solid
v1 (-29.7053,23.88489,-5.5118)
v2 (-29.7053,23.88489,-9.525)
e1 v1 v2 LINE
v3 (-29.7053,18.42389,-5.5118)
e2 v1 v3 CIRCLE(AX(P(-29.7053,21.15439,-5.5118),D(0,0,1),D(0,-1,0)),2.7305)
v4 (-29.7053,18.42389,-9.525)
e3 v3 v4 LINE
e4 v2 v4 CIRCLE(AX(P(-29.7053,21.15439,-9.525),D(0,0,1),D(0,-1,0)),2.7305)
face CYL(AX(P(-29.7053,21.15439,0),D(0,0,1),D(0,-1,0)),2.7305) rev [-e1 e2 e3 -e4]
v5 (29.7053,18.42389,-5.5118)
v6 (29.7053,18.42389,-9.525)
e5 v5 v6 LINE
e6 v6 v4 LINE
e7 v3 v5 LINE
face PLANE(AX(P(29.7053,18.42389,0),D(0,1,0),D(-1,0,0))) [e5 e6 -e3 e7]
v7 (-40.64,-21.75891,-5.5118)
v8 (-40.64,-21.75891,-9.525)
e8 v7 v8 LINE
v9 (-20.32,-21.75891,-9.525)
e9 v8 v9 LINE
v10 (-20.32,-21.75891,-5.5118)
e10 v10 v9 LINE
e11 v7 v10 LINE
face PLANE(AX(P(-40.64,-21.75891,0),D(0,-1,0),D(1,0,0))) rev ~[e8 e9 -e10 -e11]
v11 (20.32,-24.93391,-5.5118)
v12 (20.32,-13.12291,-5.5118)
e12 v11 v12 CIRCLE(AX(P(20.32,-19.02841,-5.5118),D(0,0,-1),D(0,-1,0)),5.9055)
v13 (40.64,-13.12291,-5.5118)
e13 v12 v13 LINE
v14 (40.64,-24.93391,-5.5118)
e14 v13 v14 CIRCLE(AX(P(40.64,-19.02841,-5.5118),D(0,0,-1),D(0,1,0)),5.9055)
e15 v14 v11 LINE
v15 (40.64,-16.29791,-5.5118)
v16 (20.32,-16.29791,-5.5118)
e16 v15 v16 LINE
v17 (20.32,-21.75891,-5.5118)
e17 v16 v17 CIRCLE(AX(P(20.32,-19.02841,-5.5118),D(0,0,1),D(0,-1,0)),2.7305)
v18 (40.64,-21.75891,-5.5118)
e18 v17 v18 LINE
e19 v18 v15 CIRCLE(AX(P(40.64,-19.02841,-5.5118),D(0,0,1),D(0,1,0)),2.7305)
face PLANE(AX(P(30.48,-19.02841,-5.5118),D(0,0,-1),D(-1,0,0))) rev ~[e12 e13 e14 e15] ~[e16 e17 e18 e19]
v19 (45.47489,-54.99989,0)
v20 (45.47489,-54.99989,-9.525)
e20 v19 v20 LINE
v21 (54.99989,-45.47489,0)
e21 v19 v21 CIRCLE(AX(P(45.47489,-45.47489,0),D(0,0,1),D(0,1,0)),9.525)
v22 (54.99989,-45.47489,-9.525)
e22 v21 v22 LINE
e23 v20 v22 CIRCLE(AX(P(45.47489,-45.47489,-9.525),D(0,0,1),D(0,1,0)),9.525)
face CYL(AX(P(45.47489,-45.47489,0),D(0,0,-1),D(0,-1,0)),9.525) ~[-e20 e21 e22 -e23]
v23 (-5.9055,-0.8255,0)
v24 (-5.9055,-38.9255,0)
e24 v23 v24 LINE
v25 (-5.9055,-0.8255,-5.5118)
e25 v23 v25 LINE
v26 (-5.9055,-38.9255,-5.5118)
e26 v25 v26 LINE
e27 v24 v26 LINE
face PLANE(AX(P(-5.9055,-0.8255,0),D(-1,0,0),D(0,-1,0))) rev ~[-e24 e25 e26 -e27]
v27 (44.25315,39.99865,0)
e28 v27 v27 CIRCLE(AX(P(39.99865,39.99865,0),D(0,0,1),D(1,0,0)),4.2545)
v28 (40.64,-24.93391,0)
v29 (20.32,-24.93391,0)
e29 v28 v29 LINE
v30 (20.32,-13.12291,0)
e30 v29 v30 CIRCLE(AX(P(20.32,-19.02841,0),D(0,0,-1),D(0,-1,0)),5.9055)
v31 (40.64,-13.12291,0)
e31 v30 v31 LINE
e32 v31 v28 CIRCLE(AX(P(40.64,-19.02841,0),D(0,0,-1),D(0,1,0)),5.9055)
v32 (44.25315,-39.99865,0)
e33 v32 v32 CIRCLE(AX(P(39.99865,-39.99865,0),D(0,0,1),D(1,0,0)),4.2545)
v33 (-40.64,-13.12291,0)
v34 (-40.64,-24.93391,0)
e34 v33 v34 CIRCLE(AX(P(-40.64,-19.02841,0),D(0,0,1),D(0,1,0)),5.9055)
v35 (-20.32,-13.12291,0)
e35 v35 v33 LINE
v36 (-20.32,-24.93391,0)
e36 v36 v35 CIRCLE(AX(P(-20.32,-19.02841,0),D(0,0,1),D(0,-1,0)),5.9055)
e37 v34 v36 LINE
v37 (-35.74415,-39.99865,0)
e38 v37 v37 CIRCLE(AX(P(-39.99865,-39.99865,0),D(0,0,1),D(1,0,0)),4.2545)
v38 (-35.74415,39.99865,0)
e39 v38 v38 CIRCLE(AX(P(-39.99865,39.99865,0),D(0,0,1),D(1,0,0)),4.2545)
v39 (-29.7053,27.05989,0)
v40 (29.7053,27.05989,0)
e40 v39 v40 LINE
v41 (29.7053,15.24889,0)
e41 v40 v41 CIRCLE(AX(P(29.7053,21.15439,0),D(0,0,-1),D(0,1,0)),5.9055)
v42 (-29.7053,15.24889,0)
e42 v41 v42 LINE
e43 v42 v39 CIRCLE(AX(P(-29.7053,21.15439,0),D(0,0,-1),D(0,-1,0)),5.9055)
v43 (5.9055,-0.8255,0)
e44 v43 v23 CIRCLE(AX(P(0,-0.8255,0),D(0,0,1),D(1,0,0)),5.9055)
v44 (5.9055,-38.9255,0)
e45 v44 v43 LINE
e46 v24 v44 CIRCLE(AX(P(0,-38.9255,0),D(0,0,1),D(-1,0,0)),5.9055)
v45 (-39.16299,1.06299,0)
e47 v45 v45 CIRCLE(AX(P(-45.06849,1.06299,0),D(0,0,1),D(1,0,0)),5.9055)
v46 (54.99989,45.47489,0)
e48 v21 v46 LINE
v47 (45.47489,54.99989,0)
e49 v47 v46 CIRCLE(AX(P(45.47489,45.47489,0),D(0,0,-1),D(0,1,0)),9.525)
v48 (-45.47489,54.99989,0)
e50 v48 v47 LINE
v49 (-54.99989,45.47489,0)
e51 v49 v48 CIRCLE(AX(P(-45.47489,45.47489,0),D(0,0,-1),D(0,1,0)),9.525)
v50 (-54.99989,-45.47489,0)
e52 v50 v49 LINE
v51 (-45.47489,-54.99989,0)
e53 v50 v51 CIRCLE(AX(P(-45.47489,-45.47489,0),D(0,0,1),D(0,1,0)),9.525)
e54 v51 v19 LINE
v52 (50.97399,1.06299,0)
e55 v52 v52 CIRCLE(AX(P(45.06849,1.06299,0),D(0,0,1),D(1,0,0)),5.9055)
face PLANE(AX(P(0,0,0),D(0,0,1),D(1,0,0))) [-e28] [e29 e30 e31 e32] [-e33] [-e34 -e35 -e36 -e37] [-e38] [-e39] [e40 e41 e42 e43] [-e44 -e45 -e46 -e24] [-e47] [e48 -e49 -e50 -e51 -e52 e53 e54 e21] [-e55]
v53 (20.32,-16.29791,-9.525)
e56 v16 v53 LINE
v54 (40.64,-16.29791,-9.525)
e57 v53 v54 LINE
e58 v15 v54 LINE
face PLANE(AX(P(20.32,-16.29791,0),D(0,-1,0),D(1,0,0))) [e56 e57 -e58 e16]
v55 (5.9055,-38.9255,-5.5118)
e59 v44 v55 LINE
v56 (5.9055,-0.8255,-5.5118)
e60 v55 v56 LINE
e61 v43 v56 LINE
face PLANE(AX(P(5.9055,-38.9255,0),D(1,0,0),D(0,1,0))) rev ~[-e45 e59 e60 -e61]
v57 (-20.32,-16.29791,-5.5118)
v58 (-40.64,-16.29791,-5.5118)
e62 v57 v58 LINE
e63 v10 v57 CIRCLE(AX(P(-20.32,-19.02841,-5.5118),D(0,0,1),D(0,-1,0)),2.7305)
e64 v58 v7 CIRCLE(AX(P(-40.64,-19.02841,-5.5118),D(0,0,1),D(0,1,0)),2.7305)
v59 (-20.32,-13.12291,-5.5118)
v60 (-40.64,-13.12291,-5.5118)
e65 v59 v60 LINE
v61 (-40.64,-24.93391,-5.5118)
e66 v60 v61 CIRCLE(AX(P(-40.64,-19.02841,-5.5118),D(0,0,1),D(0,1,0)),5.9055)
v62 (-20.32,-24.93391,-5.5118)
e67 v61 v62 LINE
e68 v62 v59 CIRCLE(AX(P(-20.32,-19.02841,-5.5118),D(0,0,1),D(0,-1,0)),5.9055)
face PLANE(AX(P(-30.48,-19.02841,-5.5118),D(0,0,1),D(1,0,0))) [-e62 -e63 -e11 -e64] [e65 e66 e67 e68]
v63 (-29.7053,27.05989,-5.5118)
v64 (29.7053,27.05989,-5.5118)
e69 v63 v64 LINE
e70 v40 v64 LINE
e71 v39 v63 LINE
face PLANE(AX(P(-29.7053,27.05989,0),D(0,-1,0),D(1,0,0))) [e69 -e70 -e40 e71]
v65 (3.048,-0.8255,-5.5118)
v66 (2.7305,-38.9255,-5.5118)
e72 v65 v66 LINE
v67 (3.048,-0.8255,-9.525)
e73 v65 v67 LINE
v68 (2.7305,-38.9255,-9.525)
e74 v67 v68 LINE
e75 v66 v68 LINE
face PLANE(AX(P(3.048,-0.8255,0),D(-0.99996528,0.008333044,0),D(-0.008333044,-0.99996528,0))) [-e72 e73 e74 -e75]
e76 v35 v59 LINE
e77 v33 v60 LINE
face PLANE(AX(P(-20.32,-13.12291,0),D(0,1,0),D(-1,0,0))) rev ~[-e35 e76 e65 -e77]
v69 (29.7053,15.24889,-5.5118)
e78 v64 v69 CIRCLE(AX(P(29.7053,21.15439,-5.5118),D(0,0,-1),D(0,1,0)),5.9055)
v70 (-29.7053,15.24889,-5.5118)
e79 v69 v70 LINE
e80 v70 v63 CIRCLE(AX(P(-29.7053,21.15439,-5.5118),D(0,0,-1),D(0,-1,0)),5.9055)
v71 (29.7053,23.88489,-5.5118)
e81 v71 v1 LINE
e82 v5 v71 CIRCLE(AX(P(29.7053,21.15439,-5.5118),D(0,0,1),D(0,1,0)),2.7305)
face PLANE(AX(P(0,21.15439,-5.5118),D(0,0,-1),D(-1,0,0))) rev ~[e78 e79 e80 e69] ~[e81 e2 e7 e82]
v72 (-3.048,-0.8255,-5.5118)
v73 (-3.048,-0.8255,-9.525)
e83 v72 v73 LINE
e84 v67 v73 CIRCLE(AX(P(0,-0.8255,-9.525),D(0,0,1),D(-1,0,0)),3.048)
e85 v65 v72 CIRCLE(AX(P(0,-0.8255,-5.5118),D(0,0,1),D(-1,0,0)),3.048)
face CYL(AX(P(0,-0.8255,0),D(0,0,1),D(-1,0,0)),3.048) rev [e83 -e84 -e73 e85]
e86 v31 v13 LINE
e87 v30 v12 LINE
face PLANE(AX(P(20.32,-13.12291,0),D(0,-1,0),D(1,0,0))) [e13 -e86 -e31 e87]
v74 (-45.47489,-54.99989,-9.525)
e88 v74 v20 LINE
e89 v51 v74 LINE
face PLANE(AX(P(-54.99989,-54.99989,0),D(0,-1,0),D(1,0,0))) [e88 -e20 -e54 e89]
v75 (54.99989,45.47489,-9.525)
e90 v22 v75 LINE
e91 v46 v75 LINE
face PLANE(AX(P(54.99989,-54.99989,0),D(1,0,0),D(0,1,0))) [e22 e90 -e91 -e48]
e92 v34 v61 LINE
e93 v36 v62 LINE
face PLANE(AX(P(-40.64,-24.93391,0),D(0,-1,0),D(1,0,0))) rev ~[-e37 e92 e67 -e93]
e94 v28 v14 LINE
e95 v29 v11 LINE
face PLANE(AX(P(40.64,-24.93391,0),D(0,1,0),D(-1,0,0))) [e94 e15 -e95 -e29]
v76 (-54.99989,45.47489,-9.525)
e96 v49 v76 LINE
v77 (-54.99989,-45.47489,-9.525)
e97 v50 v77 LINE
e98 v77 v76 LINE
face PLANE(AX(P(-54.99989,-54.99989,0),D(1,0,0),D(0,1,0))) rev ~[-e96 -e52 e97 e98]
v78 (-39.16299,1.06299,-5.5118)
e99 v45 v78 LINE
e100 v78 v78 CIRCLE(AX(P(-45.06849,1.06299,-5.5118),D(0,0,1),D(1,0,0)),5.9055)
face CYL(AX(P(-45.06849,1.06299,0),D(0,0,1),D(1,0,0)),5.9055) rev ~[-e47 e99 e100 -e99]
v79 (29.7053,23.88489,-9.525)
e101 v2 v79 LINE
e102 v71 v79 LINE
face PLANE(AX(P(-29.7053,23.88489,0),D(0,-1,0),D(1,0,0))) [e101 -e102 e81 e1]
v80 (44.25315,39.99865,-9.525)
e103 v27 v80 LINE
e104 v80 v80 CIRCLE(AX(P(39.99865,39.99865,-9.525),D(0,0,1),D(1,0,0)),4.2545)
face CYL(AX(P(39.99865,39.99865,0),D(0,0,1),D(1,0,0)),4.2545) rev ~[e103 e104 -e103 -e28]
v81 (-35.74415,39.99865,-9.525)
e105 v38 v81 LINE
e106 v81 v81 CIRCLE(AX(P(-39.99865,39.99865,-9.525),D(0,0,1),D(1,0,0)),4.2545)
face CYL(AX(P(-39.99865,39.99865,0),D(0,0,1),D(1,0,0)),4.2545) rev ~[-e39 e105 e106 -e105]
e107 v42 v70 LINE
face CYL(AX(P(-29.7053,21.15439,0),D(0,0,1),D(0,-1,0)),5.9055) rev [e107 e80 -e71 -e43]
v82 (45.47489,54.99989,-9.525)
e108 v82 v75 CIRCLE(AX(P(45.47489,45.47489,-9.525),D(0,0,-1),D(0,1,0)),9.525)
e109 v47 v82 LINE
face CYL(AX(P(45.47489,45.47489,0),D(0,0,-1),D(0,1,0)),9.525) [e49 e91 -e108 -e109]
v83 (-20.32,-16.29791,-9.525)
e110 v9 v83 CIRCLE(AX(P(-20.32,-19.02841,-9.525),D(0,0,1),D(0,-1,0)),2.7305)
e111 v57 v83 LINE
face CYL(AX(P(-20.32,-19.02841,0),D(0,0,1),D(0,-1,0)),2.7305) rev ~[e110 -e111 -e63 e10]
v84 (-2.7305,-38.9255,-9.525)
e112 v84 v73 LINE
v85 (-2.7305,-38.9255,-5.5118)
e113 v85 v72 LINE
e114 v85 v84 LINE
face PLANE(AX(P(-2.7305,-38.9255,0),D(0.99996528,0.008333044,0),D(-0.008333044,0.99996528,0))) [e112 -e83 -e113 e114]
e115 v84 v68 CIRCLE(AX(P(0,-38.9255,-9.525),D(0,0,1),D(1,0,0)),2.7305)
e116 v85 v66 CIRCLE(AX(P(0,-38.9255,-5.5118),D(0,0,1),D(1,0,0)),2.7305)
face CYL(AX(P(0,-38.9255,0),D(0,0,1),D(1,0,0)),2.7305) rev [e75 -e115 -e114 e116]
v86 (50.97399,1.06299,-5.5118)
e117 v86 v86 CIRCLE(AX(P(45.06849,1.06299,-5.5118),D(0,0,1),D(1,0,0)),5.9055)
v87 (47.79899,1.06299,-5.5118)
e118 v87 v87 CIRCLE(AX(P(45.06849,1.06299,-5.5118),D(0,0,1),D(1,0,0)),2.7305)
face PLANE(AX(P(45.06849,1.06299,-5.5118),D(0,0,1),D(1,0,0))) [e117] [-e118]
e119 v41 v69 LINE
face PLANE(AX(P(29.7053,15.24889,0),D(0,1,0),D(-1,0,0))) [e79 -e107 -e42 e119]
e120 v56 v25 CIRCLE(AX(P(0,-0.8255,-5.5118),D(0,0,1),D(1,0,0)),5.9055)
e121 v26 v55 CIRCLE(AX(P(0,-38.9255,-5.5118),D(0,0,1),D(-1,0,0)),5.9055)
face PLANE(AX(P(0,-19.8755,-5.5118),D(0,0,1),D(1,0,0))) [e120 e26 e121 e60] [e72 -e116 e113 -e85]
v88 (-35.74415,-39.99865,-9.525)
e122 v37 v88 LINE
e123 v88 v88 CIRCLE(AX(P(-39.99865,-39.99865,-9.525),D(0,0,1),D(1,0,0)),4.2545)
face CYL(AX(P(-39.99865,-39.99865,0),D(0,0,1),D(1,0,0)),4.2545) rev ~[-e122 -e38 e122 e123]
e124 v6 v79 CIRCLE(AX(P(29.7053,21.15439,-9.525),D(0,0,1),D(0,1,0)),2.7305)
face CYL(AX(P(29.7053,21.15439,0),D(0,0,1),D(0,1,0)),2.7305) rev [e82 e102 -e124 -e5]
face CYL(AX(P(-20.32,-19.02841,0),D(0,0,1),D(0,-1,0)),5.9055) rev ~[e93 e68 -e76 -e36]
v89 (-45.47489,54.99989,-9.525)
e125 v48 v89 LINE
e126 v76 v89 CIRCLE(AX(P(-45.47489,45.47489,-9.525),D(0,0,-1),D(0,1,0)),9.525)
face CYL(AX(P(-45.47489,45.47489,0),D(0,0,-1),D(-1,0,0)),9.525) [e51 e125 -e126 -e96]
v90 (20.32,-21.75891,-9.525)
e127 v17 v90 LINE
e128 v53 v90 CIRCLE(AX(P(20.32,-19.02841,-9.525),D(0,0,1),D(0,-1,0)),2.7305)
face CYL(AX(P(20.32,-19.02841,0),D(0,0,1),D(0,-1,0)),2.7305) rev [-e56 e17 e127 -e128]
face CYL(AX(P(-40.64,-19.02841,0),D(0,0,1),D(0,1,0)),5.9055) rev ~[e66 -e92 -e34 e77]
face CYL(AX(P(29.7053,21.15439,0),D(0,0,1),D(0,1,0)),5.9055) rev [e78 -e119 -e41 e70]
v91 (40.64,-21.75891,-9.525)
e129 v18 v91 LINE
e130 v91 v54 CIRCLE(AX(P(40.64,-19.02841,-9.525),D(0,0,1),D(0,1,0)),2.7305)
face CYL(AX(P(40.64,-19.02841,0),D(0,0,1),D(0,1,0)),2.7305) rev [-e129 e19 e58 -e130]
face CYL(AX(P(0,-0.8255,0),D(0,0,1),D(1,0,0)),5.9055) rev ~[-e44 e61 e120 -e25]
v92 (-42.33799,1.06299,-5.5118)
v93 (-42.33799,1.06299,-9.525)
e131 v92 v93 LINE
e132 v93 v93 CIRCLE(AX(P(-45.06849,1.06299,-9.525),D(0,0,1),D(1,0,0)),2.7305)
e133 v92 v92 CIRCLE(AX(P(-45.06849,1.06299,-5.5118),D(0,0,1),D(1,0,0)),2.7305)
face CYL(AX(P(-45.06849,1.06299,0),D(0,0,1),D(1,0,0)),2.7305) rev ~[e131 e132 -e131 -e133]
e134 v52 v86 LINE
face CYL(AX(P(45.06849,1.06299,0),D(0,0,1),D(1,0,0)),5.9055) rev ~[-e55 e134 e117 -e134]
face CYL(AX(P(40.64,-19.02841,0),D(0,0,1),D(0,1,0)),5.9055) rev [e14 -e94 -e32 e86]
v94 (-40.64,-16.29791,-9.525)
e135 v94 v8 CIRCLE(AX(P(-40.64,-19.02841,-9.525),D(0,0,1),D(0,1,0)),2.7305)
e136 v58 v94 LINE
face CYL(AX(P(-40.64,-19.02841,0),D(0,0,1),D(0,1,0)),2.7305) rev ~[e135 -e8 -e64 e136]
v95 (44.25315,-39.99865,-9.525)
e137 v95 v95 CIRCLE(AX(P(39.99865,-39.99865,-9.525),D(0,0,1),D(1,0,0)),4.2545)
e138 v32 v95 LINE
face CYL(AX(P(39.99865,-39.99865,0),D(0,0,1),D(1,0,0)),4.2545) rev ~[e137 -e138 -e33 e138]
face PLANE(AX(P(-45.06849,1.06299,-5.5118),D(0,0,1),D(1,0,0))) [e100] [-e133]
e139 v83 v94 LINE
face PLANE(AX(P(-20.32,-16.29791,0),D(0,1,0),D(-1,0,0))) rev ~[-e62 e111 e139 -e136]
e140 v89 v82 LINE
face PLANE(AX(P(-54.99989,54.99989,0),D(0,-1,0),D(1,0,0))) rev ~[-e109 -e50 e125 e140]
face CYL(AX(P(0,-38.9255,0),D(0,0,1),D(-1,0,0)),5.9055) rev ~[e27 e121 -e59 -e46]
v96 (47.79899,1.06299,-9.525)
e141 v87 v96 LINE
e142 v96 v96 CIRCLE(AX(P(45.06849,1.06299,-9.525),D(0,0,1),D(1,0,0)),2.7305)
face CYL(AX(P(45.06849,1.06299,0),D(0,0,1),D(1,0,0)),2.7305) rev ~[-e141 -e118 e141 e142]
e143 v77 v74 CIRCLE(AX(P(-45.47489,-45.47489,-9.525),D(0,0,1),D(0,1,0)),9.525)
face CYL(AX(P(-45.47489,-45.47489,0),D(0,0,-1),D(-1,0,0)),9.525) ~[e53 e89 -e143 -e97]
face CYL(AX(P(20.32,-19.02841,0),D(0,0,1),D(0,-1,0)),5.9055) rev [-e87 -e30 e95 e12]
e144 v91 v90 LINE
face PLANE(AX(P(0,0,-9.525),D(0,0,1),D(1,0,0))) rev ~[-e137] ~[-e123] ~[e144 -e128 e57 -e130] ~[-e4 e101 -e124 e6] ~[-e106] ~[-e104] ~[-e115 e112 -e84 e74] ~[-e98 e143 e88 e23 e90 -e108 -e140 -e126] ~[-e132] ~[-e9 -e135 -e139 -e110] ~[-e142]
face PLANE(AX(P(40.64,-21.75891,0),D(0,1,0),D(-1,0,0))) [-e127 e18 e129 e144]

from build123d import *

# Parameters (mm, degrees)
SKETCH1_W           = 109.99978
SKETCH1_H           = 109.99978
BOSS_EXTRUDE1_DEPTH = 9.525
SKETCH2_R           = 5.9055
CUT_EXTRUDE1_DEPTH  = 5.5118
SKETCH3_R           = 2.7305
CUT_EXTRUDE3_DEPTH  = 10.525
SKETCH4_R           = 4.2545
CUT_EXTRUDE4_DEPTH  = 10.525
FILLET1_R           = 9.525


with BuildPart() as part:
    # Sketch1 → Boss-Extrude1 (new body)
    with BuildSketch(Plane.XY):
        Rectangle(SKETCH1_W, SKETCH1_H)
    extrude(amount=-BOSS_EXTRUDE1_DEPTH)

    # Sketch2 → Cut-Extrude1 (cut)
    with BuildSketch(Plane.XY):
        with Locations((45.06849, 1.06299)):
            Circle(SKETCH2_R)
        with Locations((-45.06849, 1.06299)):
            Circle(SKETCH2_R)
        with BuildLine():
            Line((-29.7053, 27.05989), (29.7053, 27.05989))
            ThreePointArc((29.7053, 27.05989), (35.6108, 21.15439), (29.7053, 15.24889))
            Line((29.7053, 15.24889), (-29.7053, 15.24889))
            ThreePointArc((-29.7053, 15.24889), (-35.6108, 21.15439), (-29.7053, 27.05989))
        make_face()
        with BuildLine():
            Line((-5.9055, -0.8255), (-5.9055, -38.9255))
            ThreePointArc((-5.9055, -38.9255), (0, -44.831), (5.9055, -38.9255))
            Line((5.9055, -38.9255), (5.9055, -0.8255))
            ThreePointArc((5.9055, -0.8255), (0, 5.08), (-5.9055, -0.8255))
        make_face()
        with BuildLine():
            Line((20.32, -13.12291), (40.64, -13.12291))
            ThreePointArc((40.64, -13.12291), (46.5455, -19.02841), (40.64, -24.93391))
            Line((40.64, -24.93391), (20.32, -24.93391))
            ThreePointArc((20.32, -24.93391), (14.4145, -19.02841), (20.32, -13.12291))
        make_face()
        with BuildLine():
            Line((-20.32, -13.12291), (-40.64, -13.12291))
            ThreePointArc((-40.64, -13.12291), (-46.5455, -19.02841), (-40.64, -24.93391))
            Line((-40.64, -24.93391), (-20.32, -24.93391))
            ThreePointArc((-20.32, -24.93391), (-14.4145, -19.02841), (-20.32, -13.12291))
        make_face()
    extrude(amount=-CUT_EXTRUDE1_DEPTH, mode=Mode.SUBTRACT)

    # Sketch3 → Cut-Extrude3 (cut, through all)
    with BuildSketch(Plane.XY):
        with BuildLine():
            ThreePointArc((29.7053, 23.88489), (32.4358, 21.15439), (29.7053, 18.42389))
            Line((29.7053, 18.42389), (-29.7053, 18.42389))
            ThreePointArc((-29.7053, 18.42389), (-32.4358, 21.15439), (-29.7053, 23.88489))
            Line((-29.7053, 23.88489), (29.7053, 23.88489))
        make_face()
        with BuildLine():
            Line((3.048, -0.8255), (2.7305, -38.9255))
            ThreePointArc((2.7305, -38.9255), (0, -41.656), (-2.7305, -38.9255))
            Line((-2.7305, -38.9255), (-3.048, -0.8255))
            ThreePointArc((-3.048, -0.8255), (0, 2.2225), (3.048, -0.8255))
        make_face()
        with BuildLine():
            Line((-20.32, -16.29791), (-40.64, -16.29791))
            ThreePointArc((-40.64, -16.29791), (-43.3705, -19.02841), (-40.64, -21.75891))
            Line((-40.64, -21.75891), (-20.32, -21.75891))
            ThreePointArc((-20.32, -21.75891), (-17.5895, -19.02841), (-20.32, -16.29791))
        make_face()
        with BuildLine():
            ThreePointArc((40.64, -16.29791), (43.3705, -19.02841), (40.64, -21.75891))
            Line((40.64, -21.75891), (20.32, -21.75891))
            ThreePointArc((20.32, -21.75891), (17.5895, -19.02841), (20.32, -16.29791))
            Line((20.32, -16.29791), (40.64, -16.29791))
        make_face()
        with Locations((-45.06849, 1.06299)):
            Circle(SKETCH3_R)
        with Locations((45.06849, 1.06299)):
            Circle(SKETCH3_R)
    extrude(amount=-CUT_EXTRUDE3_DEPTH, mode=Mode.SUBTRACT)

    # Sketch4 → Cut-Extrude4 (cut, through all)
    with BuildSketch(Plane.XY):
        with Locations((-39.99865, -39.99865)):
            Circle(SKETCH4_R)
        with Locations((-39.99865, 39.99865)):
            Circle(SKETCH4_R)
        with Locations((39.99865, -39.99865)):
            Circle(SKETCH4_R)
        with Locations((39.99865, 39.99865)):
            Circle(SKETCH4_R)
    extrude(amount=-CUT_EXTRUDE4_DEPTH, mode=Mode.SUBTRACT)

    # Fillet1
    fillet1_edges = [part.edges().sort_by_distance(p)[0] for p in [
        (-54.99989, 54.99989, -4.7625),
        (-54.99989, -54.99989, -4.7625),
        (54.99989, -54.99989, -4.7625),
        (54.99989, 54.99989, -4.7625),
    ]]
    fillet(fillet1_edges, radius=FILLET1_R)


solid = part.part
